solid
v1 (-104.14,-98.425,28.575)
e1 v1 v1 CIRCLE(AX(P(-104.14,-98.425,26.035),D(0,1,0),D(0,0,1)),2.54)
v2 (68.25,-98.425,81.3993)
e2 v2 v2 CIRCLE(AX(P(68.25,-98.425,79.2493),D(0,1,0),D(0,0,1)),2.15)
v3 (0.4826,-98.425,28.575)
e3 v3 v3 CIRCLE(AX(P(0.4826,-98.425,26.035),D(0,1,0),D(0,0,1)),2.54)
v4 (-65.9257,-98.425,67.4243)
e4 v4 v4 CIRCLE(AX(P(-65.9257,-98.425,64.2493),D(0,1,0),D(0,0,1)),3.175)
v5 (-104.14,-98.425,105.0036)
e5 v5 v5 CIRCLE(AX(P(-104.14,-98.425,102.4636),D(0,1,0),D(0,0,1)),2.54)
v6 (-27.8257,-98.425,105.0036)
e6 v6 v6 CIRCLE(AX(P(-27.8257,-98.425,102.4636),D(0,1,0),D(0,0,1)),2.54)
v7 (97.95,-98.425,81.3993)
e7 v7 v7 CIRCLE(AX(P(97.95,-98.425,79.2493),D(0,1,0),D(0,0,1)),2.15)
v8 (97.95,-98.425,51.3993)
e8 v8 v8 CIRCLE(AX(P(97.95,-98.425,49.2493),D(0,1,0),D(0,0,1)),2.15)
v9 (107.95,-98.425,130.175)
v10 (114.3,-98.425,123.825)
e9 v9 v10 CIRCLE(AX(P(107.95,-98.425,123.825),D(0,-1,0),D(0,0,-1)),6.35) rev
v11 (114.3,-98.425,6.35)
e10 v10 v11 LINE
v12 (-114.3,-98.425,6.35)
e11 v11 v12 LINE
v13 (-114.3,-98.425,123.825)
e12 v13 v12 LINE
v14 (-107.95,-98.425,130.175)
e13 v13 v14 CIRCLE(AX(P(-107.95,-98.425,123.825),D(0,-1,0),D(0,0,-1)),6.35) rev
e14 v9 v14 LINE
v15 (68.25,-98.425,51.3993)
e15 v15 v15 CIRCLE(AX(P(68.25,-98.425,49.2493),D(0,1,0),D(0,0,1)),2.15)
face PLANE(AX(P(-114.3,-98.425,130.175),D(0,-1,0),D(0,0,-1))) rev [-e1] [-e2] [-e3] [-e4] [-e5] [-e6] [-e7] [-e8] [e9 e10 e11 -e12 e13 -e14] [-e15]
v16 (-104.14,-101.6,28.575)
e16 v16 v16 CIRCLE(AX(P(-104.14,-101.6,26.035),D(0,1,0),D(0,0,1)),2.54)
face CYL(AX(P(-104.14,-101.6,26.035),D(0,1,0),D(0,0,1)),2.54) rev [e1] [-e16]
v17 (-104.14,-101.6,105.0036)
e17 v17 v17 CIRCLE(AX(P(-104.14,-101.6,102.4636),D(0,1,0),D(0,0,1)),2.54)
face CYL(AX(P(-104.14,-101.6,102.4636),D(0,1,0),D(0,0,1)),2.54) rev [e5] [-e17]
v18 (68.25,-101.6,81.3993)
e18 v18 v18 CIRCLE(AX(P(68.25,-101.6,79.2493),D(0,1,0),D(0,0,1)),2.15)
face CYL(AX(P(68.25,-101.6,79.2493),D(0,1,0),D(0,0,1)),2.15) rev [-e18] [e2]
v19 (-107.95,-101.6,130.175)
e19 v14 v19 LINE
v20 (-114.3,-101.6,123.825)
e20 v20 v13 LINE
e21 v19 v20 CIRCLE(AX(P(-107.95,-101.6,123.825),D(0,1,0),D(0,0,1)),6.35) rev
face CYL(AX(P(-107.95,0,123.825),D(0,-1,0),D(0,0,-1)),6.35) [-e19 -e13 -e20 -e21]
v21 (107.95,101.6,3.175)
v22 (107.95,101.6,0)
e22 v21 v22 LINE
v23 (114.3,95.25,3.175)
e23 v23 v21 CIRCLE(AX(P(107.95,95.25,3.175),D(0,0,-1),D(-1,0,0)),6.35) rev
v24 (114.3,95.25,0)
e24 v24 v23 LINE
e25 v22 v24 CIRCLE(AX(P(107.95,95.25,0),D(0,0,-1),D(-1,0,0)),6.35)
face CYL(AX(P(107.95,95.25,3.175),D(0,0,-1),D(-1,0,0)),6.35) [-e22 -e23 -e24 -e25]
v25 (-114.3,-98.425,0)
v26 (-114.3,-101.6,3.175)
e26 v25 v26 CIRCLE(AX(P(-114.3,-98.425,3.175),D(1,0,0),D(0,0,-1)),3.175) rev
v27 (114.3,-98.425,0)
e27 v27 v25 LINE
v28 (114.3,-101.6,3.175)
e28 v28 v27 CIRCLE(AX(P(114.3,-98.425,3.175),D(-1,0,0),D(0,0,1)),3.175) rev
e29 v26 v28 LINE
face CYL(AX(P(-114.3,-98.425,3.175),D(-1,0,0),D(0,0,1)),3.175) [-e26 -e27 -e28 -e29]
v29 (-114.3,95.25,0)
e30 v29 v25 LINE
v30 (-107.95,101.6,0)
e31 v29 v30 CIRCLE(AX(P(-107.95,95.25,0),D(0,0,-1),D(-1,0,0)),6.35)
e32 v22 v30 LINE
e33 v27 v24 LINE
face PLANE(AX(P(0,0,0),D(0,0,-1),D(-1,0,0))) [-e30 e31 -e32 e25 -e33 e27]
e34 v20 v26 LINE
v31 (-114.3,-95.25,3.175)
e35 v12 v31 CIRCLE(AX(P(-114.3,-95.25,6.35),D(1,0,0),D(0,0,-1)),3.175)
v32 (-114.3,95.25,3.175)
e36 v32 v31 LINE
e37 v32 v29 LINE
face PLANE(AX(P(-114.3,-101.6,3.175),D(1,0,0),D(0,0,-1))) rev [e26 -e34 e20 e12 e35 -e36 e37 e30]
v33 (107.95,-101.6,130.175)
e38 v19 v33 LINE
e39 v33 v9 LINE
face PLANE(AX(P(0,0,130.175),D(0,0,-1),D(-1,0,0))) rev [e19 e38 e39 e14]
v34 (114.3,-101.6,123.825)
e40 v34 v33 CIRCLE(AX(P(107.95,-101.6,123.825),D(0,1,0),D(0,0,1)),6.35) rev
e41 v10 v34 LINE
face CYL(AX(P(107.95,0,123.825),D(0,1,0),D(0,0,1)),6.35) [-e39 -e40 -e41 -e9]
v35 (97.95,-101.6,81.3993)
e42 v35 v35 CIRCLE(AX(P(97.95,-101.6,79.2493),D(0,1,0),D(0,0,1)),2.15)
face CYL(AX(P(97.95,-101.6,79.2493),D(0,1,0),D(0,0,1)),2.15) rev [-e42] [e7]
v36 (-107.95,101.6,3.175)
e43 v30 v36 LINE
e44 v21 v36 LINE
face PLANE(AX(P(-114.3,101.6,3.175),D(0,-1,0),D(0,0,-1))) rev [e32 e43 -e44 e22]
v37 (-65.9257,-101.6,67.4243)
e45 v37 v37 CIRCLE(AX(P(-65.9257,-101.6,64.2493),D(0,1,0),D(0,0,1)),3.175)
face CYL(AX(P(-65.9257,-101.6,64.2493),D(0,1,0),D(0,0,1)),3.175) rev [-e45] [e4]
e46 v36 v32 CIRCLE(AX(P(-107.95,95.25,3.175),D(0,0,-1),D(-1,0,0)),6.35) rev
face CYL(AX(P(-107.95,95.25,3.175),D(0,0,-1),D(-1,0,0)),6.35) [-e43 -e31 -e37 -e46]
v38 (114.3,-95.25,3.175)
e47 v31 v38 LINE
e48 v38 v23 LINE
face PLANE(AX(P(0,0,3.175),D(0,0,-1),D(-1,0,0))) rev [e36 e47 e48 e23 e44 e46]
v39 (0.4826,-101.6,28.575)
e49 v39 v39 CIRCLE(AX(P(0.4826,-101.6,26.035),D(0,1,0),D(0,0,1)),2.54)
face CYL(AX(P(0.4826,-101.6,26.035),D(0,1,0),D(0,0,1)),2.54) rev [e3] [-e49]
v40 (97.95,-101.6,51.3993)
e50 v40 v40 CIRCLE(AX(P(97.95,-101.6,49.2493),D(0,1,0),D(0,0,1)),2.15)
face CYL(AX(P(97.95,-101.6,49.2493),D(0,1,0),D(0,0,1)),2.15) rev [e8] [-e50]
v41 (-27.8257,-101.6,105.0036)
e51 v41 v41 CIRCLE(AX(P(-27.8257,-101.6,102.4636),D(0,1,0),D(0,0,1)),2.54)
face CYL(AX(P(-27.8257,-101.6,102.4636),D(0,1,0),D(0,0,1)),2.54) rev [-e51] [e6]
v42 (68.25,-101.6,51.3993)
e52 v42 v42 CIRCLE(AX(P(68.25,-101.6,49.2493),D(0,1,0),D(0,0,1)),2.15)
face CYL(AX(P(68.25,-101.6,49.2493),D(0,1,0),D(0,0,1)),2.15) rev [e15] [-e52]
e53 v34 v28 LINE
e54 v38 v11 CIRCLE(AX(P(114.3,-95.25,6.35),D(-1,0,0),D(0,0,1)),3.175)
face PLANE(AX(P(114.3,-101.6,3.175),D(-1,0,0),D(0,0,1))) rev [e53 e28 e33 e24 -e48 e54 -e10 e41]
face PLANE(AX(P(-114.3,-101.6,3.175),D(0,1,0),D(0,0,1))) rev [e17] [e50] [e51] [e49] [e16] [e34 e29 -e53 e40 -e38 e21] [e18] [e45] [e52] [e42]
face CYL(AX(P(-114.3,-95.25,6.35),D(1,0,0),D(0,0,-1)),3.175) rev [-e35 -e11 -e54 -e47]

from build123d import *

# Parameters (mm, degrees)
SKETCH2_W           = 228.6
SKETCH2_H           = 203.2
BOSS_EXTRUDE1_DEPTH = 3.175
SKETCH3_W           = 228.6
SKETCH3_H           = 3.175
BOSS_EXTRUDE2_DEPTH = 127
FILLET1_R           = 3.175
FILLET2_R           = 6.35
SKETCH4_R           = 2.54
SKETCH4_R_2         = 2.15
SKETCH4_R_3         = 3.175
CUT_EXTRUDE1_DEPTH  = 265.612965007


with BuildPart() as part:
    # Sketch2 → Boss-Extrude1 (new body)
    with BuildSketch(Plane.XY):
        Rectangle(SKETCH2_W, SKETCH2_H)
    extrude(amount=BOSS_EXTRUDE1_DEPTH)

    # Sketch3 → Boss-Extrude2 (add)
    with BuildSketch(Plane.XY.offset(3.175)):
        with Locations((0, -100.0125)):
            Rectangle(SKETCH3_W, SKETCH3_H)
    extrude(amount=BOSS_EXTRUDE2_DEPTH)

    # Fillet1
    fillet1_edges = [part.edges().sort_by_distance(p)[0] for p in [
        (0, -98.425, 3.175),
        (0, -101.6, 0),
    ]]
    fillet(fillet1_edges, radius=FILLET1_R)

    # Fillet2
    fillet2_edges = [part.edges().sort_by_distance(p)[0] for p in [
        (-114.3, -100.0125, 130.175),
        (114.3, -100.0125, 130.175),
        (-114.3, 101.6, 1.5875),
        (114.3, 101.6, 1.5875),
    ]]
    fillet(fillet2_edges, radius=FILLET2_R)

    # Sketch4 → Cut-Extrude1 (cut, through all)
    with BuildSketch(Plane(origin=(0, -98.425, 0), x_dir=(1, 0, 0), z_dir=(0, 1, 0))):
        with Locations(Location((-104.14, -26.035, 0), (0, 0, 270))):
            Circle(SKETCH4_R)
        with Locations(Location((-104.14, -102.4636, 0), (0, 0, 270))):
            Circle(SKETCH4_R)
        with Locations(Location((0.4826, -26.035, 0), (0, 0, 270))):
            Circle(SKETCH4_R)
        with Locations(Location((-27.8257, -102.4636, 0), (0, 0, 270))):
            Circle(SKETCH4_R)
        with Locations(Location((68.25, -79.2493, 0), (0, 0, 270))):
            Circle(SKETCH4_R_2)
        with Locations(Location((97.95, -79.2493, 0), (0, 0, 270))):
            Circle(SKETCH4_R_2)
        with Locations(Location((68.25, -49.2493, 0), (0, 0, 270))):
            Circle(SKETCH4_R_2)
        with Locations(Location((97.95, -49.2493, 0), (0, 0, 270))):
            Circle(SKETCH4_R_2)
        with Locations(Location((-65.9257, -64.2493, 0), (0, 0, 270))):
            Circle(SKETCH4_R_3)
    extrude(amount=-CUT_EXTRUDE1_DEPTH, mode=Mode.SUBTRACT)


solid = part.part
